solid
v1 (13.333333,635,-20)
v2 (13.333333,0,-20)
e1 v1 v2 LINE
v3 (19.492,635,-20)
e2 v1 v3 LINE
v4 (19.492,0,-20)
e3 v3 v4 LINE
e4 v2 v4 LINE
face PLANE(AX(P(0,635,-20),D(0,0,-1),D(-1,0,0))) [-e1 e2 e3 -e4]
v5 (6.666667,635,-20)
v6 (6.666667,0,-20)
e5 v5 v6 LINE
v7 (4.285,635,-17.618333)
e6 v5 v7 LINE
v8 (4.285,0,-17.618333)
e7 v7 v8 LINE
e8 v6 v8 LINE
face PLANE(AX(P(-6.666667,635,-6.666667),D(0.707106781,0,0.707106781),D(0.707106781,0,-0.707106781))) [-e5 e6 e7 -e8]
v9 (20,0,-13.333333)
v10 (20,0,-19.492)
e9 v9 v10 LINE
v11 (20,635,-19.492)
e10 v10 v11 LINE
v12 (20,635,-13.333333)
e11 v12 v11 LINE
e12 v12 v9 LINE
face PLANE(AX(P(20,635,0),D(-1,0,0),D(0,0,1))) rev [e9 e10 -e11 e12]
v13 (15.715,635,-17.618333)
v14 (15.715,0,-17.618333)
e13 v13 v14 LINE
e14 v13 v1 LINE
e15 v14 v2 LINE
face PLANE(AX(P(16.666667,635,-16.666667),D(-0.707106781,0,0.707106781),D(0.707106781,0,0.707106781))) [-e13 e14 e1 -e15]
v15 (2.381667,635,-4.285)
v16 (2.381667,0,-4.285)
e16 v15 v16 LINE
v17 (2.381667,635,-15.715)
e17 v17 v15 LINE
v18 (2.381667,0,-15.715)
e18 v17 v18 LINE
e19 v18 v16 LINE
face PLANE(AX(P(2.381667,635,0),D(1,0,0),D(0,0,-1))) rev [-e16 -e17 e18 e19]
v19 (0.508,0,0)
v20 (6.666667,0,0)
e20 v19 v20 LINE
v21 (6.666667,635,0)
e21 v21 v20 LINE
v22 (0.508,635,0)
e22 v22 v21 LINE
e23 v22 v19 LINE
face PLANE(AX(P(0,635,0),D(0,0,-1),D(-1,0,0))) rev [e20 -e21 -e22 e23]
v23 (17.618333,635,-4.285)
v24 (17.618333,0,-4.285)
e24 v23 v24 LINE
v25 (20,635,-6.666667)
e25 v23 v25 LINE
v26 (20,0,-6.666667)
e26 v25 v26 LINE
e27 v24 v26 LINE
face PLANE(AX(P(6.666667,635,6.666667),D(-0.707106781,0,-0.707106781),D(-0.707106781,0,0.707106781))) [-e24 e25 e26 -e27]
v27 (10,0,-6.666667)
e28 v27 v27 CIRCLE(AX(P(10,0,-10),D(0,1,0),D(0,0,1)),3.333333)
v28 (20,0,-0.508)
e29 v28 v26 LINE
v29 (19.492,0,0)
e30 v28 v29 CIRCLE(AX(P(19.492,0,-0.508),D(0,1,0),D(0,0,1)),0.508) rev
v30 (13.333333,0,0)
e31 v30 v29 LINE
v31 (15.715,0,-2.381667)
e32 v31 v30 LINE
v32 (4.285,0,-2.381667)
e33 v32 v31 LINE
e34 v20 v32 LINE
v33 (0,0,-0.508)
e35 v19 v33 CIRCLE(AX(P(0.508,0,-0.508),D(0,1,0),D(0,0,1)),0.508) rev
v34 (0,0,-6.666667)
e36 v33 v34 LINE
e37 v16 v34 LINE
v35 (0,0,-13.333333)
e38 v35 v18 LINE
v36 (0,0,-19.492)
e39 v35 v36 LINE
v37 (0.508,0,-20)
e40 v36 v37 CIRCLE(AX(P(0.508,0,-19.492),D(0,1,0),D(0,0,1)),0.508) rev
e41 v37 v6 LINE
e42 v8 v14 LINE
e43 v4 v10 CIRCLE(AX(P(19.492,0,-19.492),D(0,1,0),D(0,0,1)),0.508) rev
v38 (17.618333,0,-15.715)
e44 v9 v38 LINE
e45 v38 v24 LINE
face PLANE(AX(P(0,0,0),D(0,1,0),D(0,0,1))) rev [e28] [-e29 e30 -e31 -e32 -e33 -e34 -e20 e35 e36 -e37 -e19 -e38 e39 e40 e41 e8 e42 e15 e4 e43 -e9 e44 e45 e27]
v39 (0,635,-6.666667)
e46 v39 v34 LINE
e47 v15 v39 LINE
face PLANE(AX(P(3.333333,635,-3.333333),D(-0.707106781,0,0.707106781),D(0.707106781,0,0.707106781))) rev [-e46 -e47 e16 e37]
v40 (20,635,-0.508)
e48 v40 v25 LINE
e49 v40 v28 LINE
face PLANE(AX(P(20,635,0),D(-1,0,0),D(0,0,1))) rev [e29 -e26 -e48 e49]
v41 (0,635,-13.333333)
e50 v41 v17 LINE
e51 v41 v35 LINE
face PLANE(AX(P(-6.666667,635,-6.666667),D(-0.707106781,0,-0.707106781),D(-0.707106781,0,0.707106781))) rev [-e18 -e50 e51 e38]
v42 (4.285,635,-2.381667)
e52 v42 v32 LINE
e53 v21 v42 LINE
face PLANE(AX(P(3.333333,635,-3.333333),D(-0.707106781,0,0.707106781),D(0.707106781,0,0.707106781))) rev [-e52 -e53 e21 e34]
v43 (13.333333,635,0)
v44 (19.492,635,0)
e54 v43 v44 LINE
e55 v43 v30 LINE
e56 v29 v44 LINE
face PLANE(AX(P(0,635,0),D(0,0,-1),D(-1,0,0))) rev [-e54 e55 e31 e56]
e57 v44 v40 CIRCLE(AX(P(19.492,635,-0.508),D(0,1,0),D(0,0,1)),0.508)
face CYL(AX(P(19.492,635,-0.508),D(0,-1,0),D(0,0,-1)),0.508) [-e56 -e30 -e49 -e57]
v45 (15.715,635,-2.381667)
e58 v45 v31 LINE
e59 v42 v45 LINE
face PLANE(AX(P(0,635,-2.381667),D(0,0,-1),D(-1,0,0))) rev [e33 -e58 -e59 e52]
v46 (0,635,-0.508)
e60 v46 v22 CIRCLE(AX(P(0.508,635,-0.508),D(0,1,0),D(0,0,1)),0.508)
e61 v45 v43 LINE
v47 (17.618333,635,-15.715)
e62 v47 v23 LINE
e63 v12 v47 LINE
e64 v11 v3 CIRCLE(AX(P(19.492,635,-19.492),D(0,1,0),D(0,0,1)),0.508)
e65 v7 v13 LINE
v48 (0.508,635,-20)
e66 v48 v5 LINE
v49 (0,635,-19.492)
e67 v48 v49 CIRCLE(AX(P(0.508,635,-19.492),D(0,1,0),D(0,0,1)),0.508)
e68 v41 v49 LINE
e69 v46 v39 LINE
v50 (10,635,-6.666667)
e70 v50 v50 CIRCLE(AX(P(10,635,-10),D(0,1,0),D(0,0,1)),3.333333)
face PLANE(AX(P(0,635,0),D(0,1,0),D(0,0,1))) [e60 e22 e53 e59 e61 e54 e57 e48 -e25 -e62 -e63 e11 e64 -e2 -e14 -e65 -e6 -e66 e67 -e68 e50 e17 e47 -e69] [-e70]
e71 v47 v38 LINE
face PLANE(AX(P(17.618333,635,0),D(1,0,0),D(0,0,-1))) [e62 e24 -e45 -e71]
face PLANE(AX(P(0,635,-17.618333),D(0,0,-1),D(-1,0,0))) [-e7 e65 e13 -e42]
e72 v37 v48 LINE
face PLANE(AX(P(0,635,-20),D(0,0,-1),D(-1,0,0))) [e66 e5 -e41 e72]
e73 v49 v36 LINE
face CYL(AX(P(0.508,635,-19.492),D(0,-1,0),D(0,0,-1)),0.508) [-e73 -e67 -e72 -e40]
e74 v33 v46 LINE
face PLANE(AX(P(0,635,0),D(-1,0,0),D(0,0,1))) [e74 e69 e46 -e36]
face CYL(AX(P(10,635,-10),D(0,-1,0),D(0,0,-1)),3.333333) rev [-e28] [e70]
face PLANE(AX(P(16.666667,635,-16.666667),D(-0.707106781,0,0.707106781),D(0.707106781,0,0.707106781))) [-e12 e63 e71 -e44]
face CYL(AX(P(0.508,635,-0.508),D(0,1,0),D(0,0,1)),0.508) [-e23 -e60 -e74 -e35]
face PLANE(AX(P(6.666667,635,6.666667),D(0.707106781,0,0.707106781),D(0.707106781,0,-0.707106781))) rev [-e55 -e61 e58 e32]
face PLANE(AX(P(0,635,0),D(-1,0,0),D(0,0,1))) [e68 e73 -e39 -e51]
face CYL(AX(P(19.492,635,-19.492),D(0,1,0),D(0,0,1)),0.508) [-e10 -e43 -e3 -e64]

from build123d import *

# Parameters (mm, degrees)
SKETCH1_R           = 3.333333333
BOSS_EXTRUDE1_DEPTH = 635
FILLET4_R           = 0.508


with BuildPart() as part:
    # Sketch1 → Boss-Extrude1 (new body)
    with BuildSketch(Plane(origin=(0, 0, 0), x_dir=(1, 0, 0), z_dir=(0, 1, 0))):
        Polygon((4.285, 17.618333333), (6.666666667, 20), (0, 20), (0, 13.333333333), (2.381666667, 15.715), (2.381666667, 4.285), (0, 6.666666667), (0, 0), (6.666666667, 0), (4.285, 2.381666667), (15.715, 2.381666667), (13.333333333, 0), (20, 0), (20, 6.666666667), (17.618333333, 4.285), (17.618333333, 15.715), (20, 13.333333333), (20, 20), (13.333333333, 20), (15.715, 17.618333333), align=None)
        with Locations((10, 10)):
            Circle(SKETCH1_R, mode=Mode.SUBTRACT)
    extrude(amount=BOSS_EXTRUDE1_DEPTH)

    # Fillet4
    fillet4_edges = [part.edges().sort_by_distance(p)[0] for p in [
        (20, 317.5, 0),
        (0, 317.5, 0),
        (0, 317.5, -20),
        (20, 317.5, -20),
    ]]
    fillet(fillet4_edges, radius=FILLET4_R)


solid = part.part
